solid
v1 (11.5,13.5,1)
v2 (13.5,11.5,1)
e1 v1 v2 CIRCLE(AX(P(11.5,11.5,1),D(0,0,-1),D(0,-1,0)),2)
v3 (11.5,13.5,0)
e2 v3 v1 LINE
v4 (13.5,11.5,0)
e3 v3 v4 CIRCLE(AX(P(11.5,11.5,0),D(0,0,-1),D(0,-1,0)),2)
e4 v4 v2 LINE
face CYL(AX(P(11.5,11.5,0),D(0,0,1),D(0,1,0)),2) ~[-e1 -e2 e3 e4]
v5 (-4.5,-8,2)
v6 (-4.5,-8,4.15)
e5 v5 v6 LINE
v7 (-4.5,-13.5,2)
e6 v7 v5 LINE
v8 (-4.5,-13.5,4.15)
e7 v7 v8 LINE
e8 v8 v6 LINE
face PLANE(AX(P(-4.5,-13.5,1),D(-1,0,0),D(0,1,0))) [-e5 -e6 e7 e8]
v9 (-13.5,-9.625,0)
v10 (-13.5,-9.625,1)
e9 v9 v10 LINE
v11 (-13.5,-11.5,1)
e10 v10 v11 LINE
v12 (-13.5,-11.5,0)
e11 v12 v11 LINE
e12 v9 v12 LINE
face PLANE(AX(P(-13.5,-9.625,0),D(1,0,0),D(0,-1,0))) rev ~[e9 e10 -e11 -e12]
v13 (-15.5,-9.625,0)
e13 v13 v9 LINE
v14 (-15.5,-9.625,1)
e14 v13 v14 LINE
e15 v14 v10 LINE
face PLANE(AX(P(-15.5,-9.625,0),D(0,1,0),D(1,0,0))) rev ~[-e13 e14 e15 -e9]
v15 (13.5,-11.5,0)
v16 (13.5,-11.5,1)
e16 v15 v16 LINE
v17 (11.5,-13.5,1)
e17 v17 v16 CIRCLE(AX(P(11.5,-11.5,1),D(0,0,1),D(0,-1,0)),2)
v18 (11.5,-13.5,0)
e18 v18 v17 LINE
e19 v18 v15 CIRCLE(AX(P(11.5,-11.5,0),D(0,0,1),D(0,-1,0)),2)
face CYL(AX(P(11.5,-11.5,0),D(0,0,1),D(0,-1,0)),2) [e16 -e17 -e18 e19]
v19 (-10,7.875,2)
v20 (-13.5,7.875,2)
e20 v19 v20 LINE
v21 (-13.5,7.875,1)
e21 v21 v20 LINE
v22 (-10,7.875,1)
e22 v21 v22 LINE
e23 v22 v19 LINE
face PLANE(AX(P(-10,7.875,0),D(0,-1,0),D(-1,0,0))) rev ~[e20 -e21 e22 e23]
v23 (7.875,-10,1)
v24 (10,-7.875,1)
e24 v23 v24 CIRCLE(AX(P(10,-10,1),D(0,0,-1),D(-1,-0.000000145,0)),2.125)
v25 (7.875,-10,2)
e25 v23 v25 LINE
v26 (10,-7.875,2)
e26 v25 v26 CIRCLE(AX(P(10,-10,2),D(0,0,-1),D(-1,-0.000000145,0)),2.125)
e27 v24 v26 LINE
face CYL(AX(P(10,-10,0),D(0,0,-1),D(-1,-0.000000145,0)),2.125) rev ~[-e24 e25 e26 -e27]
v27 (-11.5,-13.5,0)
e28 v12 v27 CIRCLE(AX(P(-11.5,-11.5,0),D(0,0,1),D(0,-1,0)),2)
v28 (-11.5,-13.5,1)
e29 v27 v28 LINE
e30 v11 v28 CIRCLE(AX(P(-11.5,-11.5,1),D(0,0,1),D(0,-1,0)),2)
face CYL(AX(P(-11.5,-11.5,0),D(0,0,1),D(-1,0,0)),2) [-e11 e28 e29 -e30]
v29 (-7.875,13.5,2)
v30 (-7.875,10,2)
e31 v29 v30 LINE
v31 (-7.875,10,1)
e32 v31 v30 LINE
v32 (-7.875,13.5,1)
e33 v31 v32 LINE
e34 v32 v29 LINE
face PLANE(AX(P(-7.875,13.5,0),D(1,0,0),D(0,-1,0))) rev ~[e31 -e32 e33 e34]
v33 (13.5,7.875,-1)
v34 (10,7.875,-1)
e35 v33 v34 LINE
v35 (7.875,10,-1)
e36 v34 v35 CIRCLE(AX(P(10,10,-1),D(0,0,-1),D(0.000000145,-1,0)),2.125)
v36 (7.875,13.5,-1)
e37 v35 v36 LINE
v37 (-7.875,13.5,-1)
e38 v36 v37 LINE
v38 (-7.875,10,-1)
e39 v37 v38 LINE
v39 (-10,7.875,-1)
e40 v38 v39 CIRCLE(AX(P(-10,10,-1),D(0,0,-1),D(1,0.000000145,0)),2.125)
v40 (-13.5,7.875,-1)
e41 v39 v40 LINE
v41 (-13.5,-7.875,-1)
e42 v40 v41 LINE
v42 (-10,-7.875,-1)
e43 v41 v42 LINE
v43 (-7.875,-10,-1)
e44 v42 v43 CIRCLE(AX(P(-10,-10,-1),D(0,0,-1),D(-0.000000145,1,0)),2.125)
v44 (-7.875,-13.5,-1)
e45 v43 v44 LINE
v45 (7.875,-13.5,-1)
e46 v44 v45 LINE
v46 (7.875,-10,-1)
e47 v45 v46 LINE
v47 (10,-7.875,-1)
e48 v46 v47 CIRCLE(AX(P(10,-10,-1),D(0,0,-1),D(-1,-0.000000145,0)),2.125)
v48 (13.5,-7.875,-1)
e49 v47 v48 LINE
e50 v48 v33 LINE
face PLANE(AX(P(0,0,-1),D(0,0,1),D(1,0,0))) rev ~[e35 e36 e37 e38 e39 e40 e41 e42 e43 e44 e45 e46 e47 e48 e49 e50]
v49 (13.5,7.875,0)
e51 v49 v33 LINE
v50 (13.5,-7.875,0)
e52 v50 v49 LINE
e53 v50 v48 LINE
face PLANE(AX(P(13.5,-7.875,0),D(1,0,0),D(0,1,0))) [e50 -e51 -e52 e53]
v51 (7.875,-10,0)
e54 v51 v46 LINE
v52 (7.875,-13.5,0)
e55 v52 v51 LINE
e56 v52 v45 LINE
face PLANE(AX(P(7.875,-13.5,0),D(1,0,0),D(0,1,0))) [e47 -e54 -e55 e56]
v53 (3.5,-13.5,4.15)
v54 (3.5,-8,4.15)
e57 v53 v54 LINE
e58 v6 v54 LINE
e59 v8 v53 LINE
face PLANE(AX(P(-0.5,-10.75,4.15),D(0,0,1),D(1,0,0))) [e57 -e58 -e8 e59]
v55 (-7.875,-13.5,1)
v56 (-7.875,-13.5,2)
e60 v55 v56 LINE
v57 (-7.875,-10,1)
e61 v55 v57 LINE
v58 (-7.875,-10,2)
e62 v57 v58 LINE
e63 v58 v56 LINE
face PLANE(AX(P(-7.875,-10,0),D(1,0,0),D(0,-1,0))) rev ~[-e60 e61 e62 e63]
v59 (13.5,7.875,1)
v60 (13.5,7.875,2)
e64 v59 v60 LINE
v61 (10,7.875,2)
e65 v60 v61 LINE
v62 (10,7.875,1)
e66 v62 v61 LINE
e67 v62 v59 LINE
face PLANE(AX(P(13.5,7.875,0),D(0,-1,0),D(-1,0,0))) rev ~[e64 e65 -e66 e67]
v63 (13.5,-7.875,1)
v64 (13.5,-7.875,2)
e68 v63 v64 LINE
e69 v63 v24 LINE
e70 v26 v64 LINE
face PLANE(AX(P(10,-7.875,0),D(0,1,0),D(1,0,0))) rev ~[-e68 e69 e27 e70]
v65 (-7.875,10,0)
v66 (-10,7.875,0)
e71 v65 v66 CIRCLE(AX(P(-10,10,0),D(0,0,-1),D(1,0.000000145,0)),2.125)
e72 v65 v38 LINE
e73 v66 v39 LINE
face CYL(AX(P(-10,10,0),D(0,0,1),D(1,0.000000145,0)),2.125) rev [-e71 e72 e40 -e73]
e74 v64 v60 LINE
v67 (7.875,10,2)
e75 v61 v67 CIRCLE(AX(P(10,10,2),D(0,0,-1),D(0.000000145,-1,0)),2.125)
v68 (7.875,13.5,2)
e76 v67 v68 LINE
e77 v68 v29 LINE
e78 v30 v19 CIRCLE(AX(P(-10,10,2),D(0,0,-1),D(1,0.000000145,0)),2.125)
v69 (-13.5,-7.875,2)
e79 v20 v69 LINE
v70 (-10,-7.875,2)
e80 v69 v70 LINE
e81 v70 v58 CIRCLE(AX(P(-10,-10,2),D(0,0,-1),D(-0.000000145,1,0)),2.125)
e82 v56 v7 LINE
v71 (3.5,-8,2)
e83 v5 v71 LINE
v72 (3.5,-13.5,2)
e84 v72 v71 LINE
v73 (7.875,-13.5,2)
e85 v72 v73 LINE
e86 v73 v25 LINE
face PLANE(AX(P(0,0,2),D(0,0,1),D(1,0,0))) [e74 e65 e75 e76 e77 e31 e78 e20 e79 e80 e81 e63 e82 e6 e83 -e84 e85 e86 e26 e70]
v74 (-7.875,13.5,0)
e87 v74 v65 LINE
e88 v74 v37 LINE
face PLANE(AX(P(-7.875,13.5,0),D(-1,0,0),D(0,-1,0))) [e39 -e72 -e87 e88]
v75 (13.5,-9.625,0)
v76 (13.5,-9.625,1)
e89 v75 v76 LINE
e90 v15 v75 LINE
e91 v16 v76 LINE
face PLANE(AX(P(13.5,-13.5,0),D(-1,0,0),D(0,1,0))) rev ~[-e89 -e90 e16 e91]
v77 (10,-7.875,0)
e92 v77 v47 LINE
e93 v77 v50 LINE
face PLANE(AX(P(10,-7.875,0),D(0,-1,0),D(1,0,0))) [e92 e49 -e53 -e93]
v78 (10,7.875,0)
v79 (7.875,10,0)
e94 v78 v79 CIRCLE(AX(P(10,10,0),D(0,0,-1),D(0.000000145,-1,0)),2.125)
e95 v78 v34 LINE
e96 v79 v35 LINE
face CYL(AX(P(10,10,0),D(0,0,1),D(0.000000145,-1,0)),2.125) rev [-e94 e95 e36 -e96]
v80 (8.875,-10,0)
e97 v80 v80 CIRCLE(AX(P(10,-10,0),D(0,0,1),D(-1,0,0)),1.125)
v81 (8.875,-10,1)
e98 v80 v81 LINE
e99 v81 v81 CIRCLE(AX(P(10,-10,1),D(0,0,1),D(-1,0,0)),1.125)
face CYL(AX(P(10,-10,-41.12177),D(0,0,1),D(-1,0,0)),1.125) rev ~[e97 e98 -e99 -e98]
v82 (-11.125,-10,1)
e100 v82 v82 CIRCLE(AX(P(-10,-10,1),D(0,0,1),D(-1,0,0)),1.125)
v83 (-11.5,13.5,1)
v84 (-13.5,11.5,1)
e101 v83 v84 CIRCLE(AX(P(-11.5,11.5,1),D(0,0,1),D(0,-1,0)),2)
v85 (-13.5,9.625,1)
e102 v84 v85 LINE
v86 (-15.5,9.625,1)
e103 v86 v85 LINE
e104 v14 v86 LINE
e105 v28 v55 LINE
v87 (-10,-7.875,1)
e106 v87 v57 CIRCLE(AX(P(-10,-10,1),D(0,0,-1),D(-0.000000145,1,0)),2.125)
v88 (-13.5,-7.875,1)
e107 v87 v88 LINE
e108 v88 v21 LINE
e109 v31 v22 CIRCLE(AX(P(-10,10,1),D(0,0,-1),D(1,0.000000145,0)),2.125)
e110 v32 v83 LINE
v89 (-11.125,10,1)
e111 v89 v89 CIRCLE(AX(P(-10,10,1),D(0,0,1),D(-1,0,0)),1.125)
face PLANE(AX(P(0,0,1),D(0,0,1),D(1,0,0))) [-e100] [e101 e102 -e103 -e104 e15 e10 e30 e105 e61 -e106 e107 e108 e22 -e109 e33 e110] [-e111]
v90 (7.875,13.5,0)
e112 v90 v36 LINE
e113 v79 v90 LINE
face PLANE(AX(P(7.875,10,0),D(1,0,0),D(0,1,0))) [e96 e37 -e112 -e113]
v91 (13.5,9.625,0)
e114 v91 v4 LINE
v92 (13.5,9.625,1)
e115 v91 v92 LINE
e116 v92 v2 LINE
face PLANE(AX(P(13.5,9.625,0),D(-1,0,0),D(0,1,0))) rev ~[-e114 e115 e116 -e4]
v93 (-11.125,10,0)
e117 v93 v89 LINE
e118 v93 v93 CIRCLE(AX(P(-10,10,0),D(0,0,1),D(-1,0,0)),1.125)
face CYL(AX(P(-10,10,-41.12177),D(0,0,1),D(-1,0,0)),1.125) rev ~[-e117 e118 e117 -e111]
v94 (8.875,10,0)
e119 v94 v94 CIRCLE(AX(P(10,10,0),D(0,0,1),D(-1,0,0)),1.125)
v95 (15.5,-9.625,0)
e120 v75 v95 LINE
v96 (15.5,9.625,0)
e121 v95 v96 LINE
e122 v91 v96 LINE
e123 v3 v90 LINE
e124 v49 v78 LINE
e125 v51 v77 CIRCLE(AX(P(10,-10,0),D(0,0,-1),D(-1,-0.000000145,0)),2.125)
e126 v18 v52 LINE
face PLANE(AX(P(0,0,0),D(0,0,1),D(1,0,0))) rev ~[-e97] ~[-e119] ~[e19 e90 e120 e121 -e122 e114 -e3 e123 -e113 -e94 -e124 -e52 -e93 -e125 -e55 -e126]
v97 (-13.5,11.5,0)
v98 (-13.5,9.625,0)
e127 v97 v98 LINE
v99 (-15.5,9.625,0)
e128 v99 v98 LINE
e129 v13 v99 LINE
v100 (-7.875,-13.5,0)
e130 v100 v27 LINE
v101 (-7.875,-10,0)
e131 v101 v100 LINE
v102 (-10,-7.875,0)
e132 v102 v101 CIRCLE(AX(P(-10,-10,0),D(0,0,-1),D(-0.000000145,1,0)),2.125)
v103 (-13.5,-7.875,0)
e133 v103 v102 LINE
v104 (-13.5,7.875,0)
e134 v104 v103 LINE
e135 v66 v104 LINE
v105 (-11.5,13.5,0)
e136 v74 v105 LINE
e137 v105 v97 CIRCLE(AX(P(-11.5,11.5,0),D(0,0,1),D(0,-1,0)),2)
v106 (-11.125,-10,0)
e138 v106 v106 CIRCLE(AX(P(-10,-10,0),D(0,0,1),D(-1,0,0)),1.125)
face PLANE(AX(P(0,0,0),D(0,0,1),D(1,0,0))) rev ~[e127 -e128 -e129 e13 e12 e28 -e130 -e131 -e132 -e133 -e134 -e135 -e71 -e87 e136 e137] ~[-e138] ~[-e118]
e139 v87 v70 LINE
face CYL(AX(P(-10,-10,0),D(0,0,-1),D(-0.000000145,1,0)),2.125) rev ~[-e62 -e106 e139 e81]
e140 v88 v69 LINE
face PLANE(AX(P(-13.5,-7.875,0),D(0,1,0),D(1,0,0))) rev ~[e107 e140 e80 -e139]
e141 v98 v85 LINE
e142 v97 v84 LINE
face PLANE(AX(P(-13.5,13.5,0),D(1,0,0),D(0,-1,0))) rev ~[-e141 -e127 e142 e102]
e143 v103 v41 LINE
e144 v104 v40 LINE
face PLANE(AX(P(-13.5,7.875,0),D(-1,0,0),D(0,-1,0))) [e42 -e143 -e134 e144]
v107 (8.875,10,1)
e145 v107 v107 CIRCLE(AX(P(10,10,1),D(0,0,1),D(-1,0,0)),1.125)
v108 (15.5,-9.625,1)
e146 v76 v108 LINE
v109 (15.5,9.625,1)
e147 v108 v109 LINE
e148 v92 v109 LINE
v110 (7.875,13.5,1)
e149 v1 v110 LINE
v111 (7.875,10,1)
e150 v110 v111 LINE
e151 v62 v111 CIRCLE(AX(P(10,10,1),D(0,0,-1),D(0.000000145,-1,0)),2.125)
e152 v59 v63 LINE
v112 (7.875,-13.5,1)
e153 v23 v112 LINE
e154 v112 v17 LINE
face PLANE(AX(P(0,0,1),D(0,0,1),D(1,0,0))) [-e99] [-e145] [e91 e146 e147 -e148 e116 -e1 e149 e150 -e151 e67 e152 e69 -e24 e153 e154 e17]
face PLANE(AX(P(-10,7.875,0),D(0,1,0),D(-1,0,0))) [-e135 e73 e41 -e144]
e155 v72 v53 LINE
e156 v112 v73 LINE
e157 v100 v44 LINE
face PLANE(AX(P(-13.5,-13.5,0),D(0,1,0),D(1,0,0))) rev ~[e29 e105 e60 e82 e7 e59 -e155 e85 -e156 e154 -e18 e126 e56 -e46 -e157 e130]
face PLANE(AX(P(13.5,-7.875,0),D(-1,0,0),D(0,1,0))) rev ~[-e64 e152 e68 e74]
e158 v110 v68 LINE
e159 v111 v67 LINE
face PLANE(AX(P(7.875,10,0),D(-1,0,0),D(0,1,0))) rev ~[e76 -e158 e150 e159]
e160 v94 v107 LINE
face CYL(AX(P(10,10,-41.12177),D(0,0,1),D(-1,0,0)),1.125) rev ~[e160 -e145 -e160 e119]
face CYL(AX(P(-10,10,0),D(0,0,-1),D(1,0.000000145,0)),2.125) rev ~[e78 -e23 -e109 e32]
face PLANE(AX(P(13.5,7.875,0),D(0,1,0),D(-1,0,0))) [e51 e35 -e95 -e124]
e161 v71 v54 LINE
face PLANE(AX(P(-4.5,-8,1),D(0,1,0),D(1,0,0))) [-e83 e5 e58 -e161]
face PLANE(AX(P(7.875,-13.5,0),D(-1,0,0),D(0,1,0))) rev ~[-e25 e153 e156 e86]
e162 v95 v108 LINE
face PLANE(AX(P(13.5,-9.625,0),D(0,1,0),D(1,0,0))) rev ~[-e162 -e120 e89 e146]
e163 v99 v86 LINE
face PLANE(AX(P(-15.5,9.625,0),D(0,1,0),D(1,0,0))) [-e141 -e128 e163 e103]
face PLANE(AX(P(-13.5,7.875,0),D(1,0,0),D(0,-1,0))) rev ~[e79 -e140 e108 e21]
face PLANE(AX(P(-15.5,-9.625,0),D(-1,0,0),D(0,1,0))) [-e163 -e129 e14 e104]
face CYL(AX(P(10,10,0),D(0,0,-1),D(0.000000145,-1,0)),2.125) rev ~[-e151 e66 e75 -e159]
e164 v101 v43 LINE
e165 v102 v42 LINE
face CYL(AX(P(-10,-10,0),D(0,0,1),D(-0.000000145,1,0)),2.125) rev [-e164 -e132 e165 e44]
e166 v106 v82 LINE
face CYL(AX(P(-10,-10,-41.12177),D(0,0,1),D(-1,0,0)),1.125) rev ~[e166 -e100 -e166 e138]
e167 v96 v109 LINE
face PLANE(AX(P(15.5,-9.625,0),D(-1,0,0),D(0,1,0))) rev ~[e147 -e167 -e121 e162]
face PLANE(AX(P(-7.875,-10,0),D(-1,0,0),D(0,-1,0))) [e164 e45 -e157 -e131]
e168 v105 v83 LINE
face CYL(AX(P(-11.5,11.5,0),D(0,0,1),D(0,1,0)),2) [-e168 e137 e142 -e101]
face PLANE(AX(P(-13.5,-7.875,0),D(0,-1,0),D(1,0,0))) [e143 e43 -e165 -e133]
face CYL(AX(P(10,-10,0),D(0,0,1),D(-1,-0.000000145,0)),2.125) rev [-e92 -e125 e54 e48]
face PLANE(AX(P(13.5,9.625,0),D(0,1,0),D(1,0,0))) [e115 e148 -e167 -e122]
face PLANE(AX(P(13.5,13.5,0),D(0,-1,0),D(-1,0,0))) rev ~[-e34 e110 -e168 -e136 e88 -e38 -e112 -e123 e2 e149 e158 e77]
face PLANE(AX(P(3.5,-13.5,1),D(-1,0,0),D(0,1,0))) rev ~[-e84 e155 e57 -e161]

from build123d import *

# Parameters (mm, degrees)
F0_W          = 2
F0_H          = 19.25
F1_DEPTH      = 1
F2_R          = 2
F3_D          = 2.25
F4_W          = 8
F4_H          = 5.5
F5_DEPTH      = 3.15
F7_DEPTH      = 2
F7_DEPTH_BACK = 1


with BuildPart() as f1:
    # F0 (on Top) → F1 (new body)
    with BuildSketch(Plane.XY):
        Polygon((13.5, 9.625), (13.5, 13.5), (-13.5, 13.5), (-13.5, 9.625), (-13.5, -9.625), (-13.5, -13.5), (13.5, -13.5), (13.5, -9.625), align=None)
        with Locations((14.5, 0)):
            Rectangle(F0_W, F0_H)
        with Locations((-14.5, 0)):
            Rectangle(F0_W, F0_H)
    extrude(amount=F1_DEPTH)

    # F2
    f2_edges = [f1.edges().sort_by_distance(p)[0] for p in [
        (-13.5, -13.5, 0.5),
        (13.5, -13.5, 0.5),
        (13.5, 13.5, 0.5),
        (-13.5, 13.5, 0.5),
    ]]
    fillet(f2_edges, radius=F2_R)

    # F3 (through all)
    with Locations(Plane(origin=(0, 0, 0), x_dir=(1, 0, 0), z_dir=(0, 0, -1))):
        with Locations((-10, 10), (10, 10), (10, -10), (-10, -10)):
            Hole(F3_D / 2)

    # F4 (on face) → F5 (join)
    with BuildSketch(Plane.XY.offset(1)):
        with Locations((-0.5, -10.75)):
            Rectangle(F4_W, F4_H)
    extrude(amount=F5_DEPTH)

    # F6 (on Top) → F7 (join, two sides)
    with BuildSketch(Plane.XY) as f7_sk:
        with BuildLine():
            Line((-7.875, -13.5), (7.875, -13.5))
            Line((7.875, -13.5), (7.875, -10))
            ThreePointArc((7.875, -10), (8.497398, -8.497398), (10, -7.875))
            Line((10, -7.875), (13.5, -7.875))
            Line((13.5, -7.875), (13.5, 7.875))
            Line((13.5, 7.875), (10, 7.875))
            ThreePointArc((10, 7.875), (8.497398, 8.497398), (7.875, 10))
            Line((7.875, 10), (7.875, 13.5))
            Line((7.875, 13.5), (-7.875, 13.5))
            Line((-7.875, 13.5), (-7.875, 10))
            ThreePointArc((-7.875, 10), (-8.497398, 8.497398), (-10, 7.875))
            Line((-10, 7.875), (-13.5, 7.875))
            Line((-13.5, 7.875), (-13.5, -7.875))
            Line((-13.5, -7.875), (-10, -7.875))
            ThreePointArc((-10, -7.875), (-8.497398, -8.497398), (-7.875, -10))
            Line((-7.875, -10), (-7.875, -13.5))
        make_face()
    extrude(amount=F7_DEPTH)
    extrude(f7_sk.sketch, amount=-F7_DEPTH_BACK)


solid = f1.part
